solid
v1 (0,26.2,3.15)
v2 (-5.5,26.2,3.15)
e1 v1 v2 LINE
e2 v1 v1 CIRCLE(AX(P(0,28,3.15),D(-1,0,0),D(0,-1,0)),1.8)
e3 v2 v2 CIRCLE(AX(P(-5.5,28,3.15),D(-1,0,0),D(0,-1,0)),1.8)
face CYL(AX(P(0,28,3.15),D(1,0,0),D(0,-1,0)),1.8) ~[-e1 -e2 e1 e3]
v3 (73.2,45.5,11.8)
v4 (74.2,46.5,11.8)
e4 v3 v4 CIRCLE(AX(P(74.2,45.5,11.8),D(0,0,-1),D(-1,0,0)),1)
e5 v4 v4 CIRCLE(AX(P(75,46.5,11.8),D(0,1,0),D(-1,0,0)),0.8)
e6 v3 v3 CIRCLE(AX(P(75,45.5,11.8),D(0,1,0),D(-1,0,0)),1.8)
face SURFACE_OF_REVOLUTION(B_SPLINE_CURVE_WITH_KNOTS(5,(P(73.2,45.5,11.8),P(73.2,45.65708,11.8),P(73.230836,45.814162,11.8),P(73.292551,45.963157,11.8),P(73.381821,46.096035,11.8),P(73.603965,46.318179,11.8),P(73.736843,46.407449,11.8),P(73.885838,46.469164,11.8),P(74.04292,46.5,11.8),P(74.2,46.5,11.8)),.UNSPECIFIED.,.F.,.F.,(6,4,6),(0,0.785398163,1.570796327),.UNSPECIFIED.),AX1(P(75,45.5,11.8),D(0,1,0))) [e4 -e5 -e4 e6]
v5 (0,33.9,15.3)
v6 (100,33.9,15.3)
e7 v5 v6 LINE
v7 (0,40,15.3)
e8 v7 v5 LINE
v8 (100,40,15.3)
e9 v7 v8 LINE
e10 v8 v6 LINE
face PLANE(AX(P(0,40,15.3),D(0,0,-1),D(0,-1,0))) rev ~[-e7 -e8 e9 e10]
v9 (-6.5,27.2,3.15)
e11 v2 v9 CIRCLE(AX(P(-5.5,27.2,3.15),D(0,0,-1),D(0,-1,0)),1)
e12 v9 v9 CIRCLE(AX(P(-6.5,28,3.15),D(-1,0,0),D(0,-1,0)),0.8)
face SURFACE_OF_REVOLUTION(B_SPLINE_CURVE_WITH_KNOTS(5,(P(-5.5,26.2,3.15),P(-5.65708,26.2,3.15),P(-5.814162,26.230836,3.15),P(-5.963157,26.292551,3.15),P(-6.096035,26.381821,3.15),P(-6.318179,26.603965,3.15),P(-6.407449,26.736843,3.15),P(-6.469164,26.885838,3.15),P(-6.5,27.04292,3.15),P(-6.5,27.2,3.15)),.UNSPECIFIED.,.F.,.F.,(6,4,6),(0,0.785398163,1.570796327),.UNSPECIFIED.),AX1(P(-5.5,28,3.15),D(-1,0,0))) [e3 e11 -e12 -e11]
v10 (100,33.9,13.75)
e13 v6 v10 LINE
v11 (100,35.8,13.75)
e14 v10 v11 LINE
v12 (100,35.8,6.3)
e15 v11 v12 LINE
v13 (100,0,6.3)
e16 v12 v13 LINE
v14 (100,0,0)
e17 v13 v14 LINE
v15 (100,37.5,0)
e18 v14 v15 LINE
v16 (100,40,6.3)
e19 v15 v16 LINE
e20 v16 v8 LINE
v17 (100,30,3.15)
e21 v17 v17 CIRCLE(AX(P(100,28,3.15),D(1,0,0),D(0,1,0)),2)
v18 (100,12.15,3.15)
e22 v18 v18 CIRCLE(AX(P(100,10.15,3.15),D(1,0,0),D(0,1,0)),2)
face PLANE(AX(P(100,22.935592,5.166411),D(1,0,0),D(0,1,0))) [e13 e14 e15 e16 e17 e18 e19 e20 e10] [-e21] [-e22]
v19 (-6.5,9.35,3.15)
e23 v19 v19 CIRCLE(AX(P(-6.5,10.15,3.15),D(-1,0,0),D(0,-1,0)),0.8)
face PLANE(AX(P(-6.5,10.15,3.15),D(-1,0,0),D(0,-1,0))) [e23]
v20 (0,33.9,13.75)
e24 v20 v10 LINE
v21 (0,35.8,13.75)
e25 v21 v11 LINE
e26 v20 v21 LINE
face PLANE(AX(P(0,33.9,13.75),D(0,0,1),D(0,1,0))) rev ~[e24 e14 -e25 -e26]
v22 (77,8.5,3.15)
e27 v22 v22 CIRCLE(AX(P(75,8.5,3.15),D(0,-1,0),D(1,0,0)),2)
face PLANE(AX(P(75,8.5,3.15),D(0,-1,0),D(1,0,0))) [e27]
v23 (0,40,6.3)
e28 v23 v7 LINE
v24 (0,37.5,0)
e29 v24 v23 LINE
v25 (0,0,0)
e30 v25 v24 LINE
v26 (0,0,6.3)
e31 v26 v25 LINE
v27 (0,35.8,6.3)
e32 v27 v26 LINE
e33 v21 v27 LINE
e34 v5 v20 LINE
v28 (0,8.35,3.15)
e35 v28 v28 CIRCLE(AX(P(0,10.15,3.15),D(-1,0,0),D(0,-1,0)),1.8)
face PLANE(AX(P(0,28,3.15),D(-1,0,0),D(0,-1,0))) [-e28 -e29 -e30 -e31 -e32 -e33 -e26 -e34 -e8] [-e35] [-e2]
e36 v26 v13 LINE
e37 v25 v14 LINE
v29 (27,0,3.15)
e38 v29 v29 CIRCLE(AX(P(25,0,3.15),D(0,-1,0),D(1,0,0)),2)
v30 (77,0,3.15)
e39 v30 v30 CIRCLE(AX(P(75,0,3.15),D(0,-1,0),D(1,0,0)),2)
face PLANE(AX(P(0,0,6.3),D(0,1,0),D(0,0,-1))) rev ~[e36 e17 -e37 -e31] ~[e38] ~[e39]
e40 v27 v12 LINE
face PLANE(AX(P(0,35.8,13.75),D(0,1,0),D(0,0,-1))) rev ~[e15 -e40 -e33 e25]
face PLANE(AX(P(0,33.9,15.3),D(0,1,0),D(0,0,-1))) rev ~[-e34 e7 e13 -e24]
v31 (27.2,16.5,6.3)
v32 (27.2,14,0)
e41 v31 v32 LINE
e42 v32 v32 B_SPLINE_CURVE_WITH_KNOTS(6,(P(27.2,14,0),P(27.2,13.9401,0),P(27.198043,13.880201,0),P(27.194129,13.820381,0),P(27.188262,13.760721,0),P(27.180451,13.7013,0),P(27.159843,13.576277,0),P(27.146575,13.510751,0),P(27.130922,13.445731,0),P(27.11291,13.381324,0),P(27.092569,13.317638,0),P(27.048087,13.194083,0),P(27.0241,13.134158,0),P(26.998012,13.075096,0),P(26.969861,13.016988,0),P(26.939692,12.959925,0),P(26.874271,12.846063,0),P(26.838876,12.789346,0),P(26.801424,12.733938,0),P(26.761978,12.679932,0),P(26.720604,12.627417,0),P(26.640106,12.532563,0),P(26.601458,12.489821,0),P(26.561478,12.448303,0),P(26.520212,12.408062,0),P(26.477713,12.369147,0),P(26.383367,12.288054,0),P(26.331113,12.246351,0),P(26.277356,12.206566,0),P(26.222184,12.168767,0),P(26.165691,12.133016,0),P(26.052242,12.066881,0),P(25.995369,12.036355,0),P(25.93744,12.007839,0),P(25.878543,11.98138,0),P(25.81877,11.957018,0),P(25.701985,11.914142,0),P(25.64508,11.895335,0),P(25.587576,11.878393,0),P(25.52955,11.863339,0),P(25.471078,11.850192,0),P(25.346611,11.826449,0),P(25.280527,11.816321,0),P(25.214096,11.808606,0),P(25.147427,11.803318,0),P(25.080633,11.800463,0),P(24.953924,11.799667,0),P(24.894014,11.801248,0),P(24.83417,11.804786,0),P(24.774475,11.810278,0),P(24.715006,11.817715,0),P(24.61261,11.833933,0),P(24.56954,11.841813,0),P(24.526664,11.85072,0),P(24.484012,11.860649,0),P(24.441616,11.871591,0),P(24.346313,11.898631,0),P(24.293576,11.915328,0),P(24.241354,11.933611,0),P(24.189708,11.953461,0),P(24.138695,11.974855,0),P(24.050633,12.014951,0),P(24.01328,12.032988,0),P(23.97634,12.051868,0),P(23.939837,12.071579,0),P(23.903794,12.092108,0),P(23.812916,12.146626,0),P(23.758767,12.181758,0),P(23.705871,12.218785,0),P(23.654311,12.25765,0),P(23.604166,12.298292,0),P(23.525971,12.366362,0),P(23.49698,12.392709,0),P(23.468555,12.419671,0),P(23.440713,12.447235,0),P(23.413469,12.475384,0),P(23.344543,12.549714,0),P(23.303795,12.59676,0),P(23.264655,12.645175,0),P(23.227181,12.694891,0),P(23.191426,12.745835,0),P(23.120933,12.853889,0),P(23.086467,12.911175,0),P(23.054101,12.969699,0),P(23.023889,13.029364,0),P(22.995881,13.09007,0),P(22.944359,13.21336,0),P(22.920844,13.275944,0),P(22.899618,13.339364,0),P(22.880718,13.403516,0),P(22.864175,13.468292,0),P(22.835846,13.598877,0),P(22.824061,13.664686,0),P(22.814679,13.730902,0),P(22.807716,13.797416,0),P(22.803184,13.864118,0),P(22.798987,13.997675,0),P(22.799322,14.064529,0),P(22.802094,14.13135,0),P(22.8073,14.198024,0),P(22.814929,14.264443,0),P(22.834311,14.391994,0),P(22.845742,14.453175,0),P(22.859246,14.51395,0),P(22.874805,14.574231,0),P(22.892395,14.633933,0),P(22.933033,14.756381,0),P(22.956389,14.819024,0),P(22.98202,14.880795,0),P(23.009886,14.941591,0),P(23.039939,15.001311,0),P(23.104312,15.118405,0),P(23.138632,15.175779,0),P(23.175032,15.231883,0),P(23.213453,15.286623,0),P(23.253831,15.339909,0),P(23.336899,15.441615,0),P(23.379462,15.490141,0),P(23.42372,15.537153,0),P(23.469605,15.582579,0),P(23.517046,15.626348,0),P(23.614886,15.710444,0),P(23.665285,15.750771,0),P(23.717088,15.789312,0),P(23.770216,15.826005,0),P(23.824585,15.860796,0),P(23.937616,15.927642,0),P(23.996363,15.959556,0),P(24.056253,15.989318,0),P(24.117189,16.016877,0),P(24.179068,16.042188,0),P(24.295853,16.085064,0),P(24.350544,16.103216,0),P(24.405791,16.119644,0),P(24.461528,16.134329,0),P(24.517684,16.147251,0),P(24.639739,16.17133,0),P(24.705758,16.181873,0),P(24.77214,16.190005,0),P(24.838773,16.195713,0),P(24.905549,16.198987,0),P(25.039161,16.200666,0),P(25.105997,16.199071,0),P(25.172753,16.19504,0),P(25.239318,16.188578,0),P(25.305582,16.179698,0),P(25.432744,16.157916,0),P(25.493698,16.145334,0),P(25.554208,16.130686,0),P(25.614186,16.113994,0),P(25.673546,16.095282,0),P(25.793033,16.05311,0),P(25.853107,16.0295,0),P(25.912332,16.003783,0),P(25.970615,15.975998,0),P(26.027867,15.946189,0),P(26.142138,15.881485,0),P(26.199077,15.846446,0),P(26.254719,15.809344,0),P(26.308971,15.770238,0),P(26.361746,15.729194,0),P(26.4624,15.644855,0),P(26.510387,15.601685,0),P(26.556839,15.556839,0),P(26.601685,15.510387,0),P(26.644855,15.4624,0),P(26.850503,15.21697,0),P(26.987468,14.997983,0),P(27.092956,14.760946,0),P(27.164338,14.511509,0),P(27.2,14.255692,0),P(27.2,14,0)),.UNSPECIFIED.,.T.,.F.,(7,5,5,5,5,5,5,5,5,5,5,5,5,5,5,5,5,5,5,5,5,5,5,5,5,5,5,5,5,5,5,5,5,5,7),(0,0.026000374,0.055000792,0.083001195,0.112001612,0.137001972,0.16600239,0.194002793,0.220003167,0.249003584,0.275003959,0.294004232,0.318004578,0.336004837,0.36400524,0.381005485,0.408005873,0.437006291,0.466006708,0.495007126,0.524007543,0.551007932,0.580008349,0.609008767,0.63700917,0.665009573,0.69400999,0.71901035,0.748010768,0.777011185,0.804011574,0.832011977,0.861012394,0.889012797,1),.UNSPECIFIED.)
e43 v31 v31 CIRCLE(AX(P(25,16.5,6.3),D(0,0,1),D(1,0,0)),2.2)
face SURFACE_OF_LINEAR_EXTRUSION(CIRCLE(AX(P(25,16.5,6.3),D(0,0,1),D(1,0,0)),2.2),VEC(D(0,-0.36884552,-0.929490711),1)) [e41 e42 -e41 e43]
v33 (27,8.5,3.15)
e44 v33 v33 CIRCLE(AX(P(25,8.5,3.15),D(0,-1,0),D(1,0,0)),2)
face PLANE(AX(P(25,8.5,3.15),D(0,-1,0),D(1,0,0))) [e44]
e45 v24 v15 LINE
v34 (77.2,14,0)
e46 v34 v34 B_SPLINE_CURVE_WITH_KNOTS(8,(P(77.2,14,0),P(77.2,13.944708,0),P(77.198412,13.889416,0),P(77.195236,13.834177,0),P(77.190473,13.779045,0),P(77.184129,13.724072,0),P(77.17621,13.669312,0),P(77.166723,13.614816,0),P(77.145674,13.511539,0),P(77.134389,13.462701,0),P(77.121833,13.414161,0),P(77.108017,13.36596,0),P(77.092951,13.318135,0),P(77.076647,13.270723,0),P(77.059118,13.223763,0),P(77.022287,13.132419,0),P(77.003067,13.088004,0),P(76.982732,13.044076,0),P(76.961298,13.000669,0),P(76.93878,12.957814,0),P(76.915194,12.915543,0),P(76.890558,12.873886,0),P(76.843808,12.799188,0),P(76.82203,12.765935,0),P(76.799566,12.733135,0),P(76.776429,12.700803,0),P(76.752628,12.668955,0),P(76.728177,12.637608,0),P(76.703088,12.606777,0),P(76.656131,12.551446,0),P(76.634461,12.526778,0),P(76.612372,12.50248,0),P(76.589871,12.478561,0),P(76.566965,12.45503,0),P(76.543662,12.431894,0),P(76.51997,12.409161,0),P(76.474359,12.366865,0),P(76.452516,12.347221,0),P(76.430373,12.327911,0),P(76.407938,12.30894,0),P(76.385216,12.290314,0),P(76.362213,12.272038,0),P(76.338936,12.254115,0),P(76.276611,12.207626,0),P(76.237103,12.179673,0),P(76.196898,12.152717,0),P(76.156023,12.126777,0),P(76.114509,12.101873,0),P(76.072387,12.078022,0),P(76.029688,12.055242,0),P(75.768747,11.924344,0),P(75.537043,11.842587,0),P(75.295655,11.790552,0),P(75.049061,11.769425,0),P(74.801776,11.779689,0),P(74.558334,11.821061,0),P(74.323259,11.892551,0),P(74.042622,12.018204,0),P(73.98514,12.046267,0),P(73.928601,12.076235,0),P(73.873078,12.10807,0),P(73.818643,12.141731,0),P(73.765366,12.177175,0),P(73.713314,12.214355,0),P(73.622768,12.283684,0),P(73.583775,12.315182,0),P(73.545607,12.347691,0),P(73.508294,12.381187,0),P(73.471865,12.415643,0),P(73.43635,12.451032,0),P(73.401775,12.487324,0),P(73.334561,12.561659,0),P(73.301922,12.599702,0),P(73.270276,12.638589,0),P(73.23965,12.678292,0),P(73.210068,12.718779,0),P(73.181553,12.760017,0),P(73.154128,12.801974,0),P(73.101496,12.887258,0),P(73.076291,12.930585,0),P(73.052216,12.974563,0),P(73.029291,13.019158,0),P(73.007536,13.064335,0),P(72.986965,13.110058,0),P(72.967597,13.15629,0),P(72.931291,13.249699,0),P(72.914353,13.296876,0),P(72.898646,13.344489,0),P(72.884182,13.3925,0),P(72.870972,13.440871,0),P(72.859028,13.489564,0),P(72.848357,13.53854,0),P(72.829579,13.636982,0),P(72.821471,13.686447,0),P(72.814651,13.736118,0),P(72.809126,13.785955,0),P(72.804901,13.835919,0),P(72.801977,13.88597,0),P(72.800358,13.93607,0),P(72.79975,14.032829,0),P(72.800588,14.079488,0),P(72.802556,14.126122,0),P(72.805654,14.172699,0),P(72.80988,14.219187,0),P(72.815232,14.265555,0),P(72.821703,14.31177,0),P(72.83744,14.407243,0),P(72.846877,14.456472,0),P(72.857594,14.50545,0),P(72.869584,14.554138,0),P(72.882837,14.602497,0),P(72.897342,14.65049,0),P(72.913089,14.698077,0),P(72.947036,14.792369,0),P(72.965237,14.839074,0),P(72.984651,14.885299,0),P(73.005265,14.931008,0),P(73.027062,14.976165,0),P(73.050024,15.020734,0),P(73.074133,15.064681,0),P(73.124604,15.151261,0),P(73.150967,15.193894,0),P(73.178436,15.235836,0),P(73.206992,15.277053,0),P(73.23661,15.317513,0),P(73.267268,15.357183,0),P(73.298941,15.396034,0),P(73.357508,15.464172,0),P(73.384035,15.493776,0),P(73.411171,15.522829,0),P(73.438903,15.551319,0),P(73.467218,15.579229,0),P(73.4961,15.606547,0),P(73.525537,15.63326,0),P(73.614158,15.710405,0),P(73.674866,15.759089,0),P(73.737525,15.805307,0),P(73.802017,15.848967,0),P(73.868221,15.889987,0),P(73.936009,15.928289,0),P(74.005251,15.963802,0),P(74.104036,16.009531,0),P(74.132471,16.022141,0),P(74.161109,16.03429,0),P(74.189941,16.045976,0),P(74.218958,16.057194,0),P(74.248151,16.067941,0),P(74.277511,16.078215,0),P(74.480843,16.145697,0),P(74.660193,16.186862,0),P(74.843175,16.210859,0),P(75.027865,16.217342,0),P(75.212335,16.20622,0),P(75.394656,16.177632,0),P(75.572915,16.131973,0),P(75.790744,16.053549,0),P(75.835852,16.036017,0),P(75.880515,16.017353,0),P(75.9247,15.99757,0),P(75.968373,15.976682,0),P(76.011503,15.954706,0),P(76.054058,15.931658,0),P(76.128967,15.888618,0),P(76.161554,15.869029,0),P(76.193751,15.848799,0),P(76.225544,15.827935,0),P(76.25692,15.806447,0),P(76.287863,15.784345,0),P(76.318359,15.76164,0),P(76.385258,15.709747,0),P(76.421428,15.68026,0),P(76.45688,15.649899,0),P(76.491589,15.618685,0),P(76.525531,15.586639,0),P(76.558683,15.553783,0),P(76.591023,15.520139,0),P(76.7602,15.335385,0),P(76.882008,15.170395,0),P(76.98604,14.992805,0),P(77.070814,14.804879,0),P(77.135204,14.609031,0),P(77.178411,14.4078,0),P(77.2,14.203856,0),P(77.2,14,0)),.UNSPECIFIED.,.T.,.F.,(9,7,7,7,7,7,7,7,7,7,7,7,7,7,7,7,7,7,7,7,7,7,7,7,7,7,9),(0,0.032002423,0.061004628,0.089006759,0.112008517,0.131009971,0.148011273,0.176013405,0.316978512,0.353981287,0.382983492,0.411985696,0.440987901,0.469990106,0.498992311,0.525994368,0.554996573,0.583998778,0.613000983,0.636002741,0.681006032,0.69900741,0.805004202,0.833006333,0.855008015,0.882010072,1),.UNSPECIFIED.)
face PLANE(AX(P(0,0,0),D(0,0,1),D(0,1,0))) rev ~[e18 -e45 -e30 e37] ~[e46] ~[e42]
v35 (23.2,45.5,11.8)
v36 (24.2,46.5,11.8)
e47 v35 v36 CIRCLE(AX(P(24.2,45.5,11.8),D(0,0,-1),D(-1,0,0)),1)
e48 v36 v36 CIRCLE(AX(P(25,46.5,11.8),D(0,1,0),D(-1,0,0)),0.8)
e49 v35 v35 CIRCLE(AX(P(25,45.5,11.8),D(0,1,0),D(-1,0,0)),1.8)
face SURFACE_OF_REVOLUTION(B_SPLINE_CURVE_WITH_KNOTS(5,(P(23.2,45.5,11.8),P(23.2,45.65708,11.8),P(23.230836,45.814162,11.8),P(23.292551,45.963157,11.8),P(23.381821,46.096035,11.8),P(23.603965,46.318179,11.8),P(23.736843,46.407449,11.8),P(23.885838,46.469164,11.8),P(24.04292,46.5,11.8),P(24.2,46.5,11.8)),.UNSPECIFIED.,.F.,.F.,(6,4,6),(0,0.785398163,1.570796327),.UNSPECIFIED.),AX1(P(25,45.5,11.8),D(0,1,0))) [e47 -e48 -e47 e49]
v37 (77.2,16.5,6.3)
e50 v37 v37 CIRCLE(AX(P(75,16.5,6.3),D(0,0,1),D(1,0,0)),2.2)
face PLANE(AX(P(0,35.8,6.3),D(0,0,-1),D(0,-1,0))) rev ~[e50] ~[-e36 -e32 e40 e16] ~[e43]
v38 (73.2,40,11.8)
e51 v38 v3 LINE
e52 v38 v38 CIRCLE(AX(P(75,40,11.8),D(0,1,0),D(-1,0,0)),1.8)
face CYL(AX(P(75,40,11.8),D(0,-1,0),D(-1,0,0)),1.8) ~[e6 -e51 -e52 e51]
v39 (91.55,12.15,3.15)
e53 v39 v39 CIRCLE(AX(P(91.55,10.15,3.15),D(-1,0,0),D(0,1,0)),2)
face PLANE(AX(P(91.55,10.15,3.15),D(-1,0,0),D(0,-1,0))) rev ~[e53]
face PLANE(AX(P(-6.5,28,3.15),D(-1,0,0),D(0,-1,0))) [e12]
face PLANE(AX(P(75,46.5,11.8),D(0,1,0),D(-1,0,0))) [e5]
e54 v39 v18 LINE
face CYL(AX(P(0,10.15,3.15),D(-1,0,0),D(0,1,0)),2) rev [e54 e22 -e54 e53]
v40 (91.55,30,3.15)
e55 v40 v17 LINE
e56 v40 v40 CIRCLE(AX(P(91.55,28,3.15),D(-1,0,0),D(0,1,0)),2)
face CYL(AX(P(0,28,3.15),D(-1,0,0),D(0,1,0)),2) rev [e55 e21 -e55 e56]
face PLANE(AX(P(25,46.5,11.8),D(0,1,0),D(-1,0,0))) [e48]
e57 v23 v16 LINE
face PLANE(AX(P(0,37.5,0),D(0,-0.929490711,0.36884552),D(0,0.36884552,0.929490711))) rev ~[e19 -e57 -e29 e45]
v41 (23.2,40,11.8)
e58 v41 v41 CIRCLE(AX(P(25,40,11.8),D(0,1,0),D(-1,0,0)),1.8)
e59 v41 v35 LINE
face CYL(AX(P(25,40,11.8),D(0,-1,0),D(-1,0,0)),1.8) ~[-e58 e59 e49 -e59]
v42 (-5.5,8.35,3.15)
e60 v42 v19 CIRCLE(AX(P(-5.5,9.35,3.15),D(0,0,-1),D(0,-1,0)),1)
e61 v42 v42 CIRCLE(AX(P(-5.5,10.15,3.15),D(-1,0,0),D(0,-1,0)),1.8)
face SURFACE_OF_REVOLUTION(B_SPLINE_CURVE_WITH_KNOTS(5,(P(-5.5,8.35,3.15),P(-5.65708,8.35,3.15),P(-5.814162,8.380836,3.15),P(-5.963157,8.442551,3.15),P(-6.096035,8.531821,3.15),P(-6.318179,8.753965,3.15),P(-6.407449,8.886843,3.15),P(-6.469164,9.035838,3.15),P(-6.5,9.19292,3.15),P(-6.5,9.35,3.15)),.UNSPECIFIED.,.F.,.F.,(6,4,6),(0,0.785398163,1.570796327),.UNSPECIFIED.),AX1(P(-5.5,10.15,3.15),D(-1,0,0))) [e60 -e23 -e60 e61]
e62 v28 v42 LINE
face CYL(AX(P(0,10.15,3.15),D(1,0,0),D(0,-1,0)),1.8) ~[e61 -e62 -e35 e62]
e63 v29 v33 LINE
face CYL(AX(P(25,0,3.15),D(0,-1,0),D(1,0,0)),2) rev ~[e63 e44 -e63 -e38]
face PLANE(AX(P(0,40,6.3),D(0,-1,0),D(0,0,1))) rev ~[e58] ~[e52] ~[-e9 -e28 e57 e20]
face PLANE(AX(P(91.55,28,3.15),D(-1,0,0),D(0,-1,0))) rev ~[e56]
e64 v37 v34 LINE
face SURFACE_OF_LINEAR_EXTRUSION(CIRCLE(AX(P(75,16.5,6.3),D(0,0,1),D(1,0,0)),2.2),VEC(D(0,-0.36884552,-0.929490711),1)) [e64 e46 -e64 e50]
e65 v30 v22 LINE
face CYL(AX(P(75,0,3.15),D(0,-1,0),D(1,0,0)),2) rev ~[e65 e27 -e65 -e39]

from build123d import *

# Parameters (mm, degrees)
F0_R      = 2
F1_DEPTH  = 100
F6_R      = 2
F6_R_2    = 1.8
F7_DEPTH  = 91.55
F8_DEPTH  = 6.5
F9_R      = 1
F10_R     = 1
F2_R      = 2.2
F13_R     = 2
F14_DEPTH = 8.5
F15_R     = 1.8
F16_DEPTH = 6.5
F17_R     = 1
F18_R     = 1


with BuildPart() as f1:
    # F0 (on Right) → F1 (new body)
    with BuildSketch(Plane.YZ):
        Polygon((37.5, 0), (40, 6.3), (40, 15.3), (33.9, 15.3), (33.9, 13.75), (35.8, 13.75), (35.8, 6.3), (0, 6.3), (0, 0), align=None)
        with Locations((10.15, 3.15)):
            Circle(F0_R, mode=Mode.SUBTRACT)
        with Locations((28, 3.15)):
            Circle(F0_R, mode=Mode.SUBTRACT)
    extrude(amount=F1_DEPTH)

    # F6 (on face) → F7 (join)
    with BuildSketch(Plane(origin=(0, 0, 0), x_dir=(0, -1, 0), z_dir=(-1, 0, 0))):
        with Locations((-28, 3.15)):
            Circle(F6_R)
        with Locations((-28, 3.15)):
            Circle(F6_R_2, mode=Mode.SUBTRACT)
        with Locations((-10.15, 3.15)):
            Circle(F6_R)
        with Locations((-10.15, 3.15)):
            Circle(F6_R_2, mode=Mode.SUBTRACT)
        with Locations((-28, 3.15)):
            Circle(F6_R_2)
        with Locations((-10.15, 3.15)):
            Circle(F6_R_2)
    extrude(amount=-F7_DEPTH)

    # F6 (on face) → F8 (join)
    with BuildSketch(Plane(origin=(0, 0, 0), x_dir=(0, -1, 0), z_dir=(-1, 0, 0))):
        with Locations((-28, 3.15)):
            Circle(F6_R_2)
        with Locations((-10.15, 3.15)):
            Circle(F6_R_2)
    extrude(amount=F8_DEPTH)

    # F9
    f9_edges = [f1.edges().sort_by_distance(p)[0] for p in [
        (-6.5, 29.8, 3.15),
    ]]
    fillet(f9_edges, radius=F9_R)

    # F10
    f10_edges = [f1.edges().sort_by_distance(p)[0] for p in [
        (-6.5, 11.95, 3.15),
    ]]
    fillet(f10_edges, radius=F10_R)

    # F11: sweep along a path in F5
    with BuildLine(Plane(origin=(0, 10.3674357858, -4.1140618198), x_dir=(-1, 0, 0), z_dir=(0, 0.9294907112, -0.3688455203))) as f11_path:
        Line((-74.083484861, 4.4261462437), (-74.083484861, -4.2147375643))
    # F2 (on face) → F11 (sweep, cut)
    with BuildSketch(Plane.XY.offset(6.3)):
        with Locations((25, 16.5)):
            Circle(F2_R)
    sweep(path=f11_path.line, mode=Mode.SUBTRACT)

    # F12: sweep along a path in F5
    with BuildLine(Plane(origin=(0, 10.3674357858, -4.1140618198), x_dir=(-1, 0, 0), z_dir=(0, 0.9294907112, -0.3688455203))) as f12_path:
        Line((-24.083484861, 11.2040515248), (-24.083484861, -2.310390817))
    # F2 (on face) → F12 (sweep, cut)
    with BuildSketch(Plane.XY.offset(6.3)):
        with Locations((75, 16.5)):
            Circle(F2_R)
    sweep(path=f12_path.line, mode=Mode.SUBTRACT)

    # F13 (on face) → F14 (cut)
    with BuildSketch(Plane.XZ):
        with Locations((25, 3.15)):
            Circle(F13_R)
        with Locations((75, 3.15)):
            Circle(F13_R)
    extrude(amount=-F14_DEPTH, mode=Mode.SUBTRACT)

    # F15 (on face) → F16 (join)
    with BuildSketch(Plane(origin=(0, 40, 0), x_dir=(-1, 0, 0), z_dir=(0, 1, 0))):
        with Locations((-75, 11.8)):
            Circle(F15_R)
        with Locations((-25, 11.8)):
            Circle(F15_R)
    extrude(amount=F16_DEPTH)

    # F17
    f17_edges = [f1.edges().sort_by_distance(p)[0] for p in [
        (76.8, 46.5, 11.8),
    ]]
    fillet(f17_edges, radius=F17_R)

    # F18
    f18_edges = [f1.edges().sort_by_distance(p)[0] for p in [
        (26.8, 46.5, 11.8),
    ]]
    fillet(f18_edges, radius=F18_R)


solid = f1.part
